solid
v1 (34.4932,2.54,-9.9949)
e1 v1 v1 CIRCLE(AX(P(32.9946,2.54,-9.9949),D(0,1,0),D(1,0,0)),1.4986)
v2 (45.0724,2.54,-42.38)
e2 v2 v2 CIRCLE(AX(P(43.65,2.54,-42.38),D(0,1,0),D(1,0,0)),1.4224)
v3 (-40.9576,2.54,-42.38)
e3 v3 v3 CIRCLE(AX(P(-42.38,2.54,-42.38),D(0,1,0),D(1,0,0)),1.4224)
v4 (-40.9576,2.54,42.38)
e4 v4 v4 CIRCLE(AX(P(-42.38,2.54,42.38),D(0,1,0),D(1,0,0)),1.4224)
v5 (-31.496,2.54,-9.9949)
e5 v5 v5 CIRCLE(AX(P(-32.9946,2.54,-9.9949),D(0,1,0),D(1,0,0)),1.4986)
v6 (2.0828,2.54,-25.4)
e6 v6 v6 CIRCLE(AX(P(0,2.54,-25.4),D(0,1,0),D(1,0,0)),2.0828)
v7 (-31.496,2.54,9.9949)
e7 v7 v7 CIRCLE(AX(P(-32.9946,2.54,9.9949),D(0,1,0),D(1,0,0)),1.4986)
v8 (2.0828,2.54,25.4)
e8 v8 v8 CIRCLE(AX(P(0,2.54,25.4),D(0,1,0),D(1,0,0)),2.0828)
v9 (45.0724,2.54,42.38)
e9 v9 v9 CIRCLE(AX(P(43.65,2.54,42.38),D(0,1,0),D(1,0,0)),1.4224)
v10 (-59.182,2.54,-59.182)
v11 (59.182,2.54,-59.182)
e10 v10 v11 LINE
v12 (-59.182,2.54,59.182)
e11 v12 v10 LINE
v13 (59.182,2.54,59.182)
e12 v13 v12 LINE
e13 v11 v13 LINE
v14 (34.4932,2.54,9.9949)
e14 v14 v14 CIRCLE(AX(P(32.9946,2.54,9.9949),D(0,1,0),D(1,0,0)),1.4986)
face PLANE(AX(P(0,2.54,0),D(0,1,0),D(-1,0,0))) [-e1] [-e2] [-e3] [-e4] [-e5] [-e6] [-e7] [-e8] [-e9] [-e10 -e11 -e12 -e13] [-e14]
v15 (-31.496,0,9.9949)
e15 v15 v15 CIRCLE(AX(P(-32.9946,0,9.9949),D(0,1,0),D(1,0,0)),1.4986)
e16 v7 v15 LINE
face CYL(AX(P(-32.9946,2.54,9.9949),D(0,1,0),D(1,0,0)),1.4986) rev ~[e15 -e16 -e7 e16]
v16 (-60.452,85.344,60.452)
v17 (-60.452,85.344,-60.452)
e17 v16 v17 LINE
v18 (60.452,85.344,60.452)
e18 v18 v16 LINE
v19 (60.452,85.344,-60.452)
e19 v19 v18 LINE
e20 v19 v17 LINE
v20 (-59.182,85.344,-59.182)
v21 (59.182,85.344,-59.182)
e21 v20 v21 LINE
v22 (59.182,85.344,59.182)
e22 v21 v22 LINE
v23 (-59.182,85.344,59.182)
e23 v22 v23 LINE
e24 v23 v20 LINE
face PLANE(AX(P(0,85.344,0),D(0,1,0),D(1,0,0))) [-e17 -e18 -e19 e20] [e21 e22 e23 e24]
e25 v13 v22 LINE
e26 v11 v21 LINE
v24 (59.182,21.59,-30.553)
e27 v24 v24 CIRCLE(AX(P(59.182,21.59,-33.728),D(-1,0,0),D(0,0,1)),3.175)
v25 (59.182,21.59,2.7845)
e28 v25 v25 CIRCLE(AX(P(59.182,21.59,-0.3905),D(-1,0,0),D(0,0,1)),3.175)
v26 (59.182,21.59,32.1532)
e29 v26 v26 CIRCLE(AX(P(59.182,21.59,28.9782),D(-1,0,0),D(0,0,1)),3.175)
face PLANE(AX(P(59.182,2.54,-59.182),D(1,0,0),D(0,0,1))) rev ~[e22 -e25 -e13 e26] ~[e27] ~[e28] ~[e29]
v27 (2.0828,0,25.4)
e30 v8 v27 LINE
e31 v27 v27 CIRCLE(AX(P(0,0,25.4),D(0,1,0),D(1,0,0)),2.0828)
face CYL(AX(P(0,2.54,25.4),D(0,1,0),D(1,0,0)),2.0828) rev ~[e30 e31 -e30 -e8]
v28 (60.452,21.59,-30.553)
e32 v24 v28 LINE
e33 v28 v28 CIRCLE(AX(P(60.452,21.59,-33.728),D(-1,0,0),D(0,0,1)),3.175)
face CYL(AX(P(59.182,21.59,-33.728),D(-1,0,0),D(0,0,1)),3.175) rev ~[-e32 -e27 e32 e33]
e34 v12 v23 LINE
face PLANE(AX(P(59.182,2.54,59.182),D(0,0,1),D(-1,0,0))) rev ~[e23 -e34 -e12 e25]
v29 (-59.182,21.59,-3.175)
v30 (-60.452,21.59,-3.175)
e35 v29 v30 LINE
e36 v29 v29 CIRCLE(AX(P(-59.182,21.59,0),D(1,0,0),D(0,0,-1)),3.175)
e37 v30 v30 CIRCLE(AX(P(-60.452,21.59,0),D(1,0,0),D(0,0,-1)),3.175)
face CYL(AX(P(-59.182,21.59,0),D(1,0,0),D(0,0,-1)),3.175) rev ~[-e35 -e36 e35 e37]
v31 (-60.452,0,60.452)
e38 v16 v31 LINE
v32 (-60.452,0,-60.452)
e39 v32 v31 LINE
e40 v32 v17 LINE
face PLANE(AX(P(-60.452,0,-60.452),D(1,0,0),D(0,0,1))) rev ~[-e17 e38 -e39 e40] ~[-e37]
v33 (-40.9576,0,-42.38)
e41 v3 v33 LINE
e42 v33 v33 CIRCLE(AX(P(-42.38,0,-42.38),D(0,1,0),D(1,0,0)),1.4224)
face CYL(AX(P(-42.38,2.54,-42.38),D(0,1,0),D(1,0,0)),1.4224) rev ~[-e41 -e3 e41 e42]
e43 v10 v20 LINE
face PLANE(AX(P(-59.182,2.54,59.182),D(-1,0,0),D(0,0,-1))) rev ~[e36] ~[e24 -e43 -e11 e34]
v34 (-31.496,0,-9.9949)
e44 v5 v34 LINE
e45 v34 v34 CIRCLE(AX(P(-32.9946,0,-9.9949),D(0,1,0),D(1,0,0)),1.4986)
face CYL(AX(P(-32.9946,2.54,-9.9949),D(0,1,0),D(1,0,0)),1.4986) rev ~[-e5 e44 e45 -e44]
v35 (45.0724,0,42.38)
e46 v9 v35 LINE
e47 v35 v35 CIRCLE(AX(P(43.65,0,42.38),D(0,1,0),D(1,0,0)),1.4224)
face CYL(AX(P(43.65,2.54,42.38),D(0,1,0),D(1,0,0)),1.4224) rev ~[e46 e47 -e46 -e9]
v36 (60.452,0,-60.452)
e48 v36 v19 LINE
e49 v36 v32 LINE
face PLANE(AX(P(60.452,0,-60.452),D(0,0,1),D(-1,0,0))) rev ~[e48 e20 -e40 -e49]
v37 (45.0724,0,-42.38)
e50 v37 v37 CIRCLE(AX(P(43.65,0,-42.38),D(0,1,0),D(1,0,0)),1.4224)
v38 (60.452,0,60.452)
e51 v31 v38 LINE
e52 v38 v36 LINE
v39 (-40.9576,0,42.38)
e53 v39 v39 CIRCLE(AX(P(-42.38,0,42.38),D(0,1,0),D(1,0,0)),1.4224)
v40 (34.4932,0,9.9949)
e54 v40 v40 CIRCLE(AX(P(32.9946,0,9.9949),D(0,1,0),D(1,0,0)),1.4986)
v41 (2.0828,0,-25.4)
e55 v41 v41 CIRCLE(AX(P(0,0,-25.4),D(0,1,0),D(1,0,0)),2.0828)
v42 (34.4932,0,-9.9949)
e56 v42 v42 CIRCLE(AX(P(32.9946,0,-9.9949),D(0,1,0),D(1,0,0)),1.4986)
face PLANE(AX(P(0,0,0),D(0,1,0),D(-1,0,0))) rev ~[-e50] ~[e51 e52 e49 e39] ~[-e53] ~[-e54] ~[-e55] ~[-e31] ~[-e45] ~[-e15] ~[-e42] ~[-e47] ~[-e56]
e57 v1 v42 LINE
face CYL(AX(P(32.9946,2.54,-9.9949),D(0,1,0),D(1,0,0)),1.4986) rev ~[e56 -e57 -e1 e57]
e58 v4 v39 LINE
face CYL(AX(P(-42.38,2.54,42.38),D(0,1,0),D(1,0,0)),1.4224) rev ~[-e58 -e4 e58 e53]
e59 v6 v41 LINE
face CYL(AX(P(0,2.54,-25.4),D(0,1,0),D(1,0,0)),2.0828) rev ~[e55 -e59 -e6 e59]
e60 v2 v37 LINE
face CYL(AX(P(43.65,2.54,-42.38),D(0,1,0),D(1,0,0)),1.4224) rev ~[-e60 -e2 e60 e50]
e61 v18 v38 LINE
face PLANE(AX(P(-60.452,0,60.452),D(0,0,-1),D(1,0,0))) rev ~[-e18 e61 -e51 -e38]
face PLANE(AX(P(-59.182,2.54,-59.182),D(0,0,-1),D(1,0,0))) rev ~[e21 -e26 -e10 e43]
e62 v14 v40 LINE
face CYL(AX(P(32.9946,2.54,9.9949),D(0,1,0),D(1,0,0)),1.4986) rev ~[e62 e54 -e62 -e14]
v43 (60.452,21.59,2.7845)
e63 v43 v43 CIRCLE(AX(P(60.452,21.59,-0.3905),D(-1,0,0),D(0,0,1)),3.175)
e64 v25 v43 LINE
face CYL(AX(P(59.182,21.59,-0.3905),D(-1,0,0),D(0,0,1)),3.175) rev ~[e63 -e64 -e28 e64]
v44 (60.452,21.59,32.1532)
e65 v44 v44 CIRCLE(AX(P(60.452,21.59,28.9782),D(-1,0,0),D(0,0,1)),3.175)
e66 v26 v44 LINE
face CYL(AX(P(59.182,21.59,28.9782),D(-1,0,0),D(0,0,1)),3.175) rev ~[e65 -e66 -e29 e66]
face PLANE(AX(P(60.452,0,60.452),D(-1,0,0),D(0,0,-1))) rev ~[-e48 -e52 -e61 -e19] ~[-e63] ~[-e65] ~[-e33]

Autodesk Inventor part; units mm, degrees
ref_plane "YZ Plane" through (0, 0, 0) normal (1, 0, 0) x (0, 1, 0)
ref_plane "XZ Plane" through (0, 0, 0) normal (0, 1, 0) x (-1, 0, 0)
ref_plane "XY Plane" through (0, 0, 0) normal (0, 0, 1) x (1, 0, 0)
sketch "Sketch1" plane through (0, 0, 0) normal (0, 1, 0) x (-1, 0, 0)
  line L0 (-60.452, -60.452) -> (60.452, -60.452)
  line L1 (60.452, -60.452) -> (60.452, 60.452)
  line L2 (60.452, 60.452) -> (-60.452, 60.452)
  line L3 (-60.452, 60.452) -> (-60.452, -60.452)
  line L4 (-60.452, -60.452) -> (60.452, 60.452) construction
  line L5 (60.452, -60.452) -> (-60.452, 60.452) construction
  point P0 (0, 0)
  dimension "d0" = 120.904
  dimension "d1" = 120.904
extrude "Extrusion1" add sketch "Sketch1" along normal blind 2.54
sketch "Sketch2" plane through (0, 2.54, 0) normal (0, 1, 0) x (1, 0, 0)
  line L0 (60.452, 60.452) -> (-60.452, 60.452) projected
  line L1 (60.452, -60.452) -> (-60.452, -60.452)
  line L2 (-60.452, -60.452) -> (-60.452, 60.452)
  line L3 (-60.452, 60.452) -> (60.452, 60.452)
  line L4 (60.452, 60.452) -> (60.452, -60.452)
  line L5 (60.452, -60.452) -> (-60.452, 60.452) construction
  line L6 (-60.452, -60.452) -> (60.452, 60.452) construction
  line L7 (59.182, -59.182) -> (-59.182, -59.182)
  line L8 (-59.182, -59.182) -> (-59.182, 59.182)
  line L9 (-59.182, 59.182) -> (59.182, 59.182)
  line L10 (59.182, 59.182) -> (59.182, -59.182)
  line L11 (59.182, -59.182) -> (-59.182, 59.182) construction
  line L12 (-59.182, -59.182) -> (59.182, 59.182) construction
  point P0 (0, 0)
  dimension "d4" = 118.364
  dimension "d5" = 118.364
extrude "Extrusion2" add sketch "Sketch2" along normal blind 82.804
sketch "Sketch3" plane through (0, 2.54, 0) normal (0, 1, 0) x (1, 0, 0)
  circle A0 centre (0, -25.4) radius 2.0828
  circle A1 centre (0, 25.4) radius 2.0828
  point P0 (0, 0)
  dimension "d10" = 4.1656
  dimension "d11" = 4.1656
extrude "Extrusion3" cut sketch "Sketch3" against normal through all
sketch "Sketch4" plane through (0, 2.54, 0) normal (0, 1, 0) x (1, 0, 0)
  line L0 (32.9946, -9.9949) -> (-32.9946, 9.9949) construction
  line L1 (-32.9946, -9.9949) -> (32.9946, 9.9949) construction
  circle A0 centre (-32.9946, -9.9949) radius 1.4986
  circle A1 centre (-32.9946, 9.9949) radius 1.4986
  circle A2 centre (32.9946, -9.9949) radius 1.4986
  circle A3 centre (32.9946, 9.9949) radius 1.4986
  line L2 (50, -50) -> (-50, 50) construction
  line L3 (-50, -50) -> (50, 50) construction
  circle A4 centre (43.65, -42.38) radius 1.4224
  circle A5 centre (43.65, 42.38) radius 1.4224
  circle A6 centre (-42.38, 42.38) radius 1.4224
  circle A7 centre (-42.38, -42.38) radius 1.4224
  point P0 (0, 0)
  dimension "d14" = 65.9892
  dimension "d15" = 19.9898
  dimension "d16" = 2.9972
  dimension "d17" = 2.9972
  dimension "d18" = 2.9972
  dimension "d19" = 2.9972
  dimension "d20" = 100
  dimension "d21" = 100
  dimension "d28" = 2.8448
  dimension "d29" = 2.8448
  dimension "d30" = 2.8448
  dimension "d31" = 2.8448
extrude "Extrusion4" cut sketch "Sketch4" against normal through all
sketch "Sketch5" plane through (-59.182, 2.54, 59.182) normal (1, 0, 0) x (0, 0, -1)
  line L0 (0, 0) -> (0, 82.804) projected
  circle A0 centre (59.182, 19.05) radius 3.175
  point P0 (59.182, -2.54)
  dimension "d34" = 6.35
extrude "Extrusion5" cut sketch "Sketch5" against normal through all
sketch "Sketch7" plane through (59.182, 2.54, -59.182) normal (-1, 0, 0) x (0, 0, 1)
  line L0 (0, 0) -> (0, 82.804) projected
  line L1 (0, 19.05) -> (9.1821, 19.05) construction
  circle A0 centre (25.454, 19.05) radius 3.175
  circle A1 centre (58.7915, 19.05) radius 3.175
  circle A2 centre (88.1602, 19.05) radius 3.175
  point P0 (59.182, -2.54)
  dimension "d50" = 6.35
  dimension "d51" = 6.35
  dimension "d52" = 6.35
extrude "Extrusion6" cut sketch "Sketch7" against normal through all
properties part number "546-1550Z137-Combiner"
